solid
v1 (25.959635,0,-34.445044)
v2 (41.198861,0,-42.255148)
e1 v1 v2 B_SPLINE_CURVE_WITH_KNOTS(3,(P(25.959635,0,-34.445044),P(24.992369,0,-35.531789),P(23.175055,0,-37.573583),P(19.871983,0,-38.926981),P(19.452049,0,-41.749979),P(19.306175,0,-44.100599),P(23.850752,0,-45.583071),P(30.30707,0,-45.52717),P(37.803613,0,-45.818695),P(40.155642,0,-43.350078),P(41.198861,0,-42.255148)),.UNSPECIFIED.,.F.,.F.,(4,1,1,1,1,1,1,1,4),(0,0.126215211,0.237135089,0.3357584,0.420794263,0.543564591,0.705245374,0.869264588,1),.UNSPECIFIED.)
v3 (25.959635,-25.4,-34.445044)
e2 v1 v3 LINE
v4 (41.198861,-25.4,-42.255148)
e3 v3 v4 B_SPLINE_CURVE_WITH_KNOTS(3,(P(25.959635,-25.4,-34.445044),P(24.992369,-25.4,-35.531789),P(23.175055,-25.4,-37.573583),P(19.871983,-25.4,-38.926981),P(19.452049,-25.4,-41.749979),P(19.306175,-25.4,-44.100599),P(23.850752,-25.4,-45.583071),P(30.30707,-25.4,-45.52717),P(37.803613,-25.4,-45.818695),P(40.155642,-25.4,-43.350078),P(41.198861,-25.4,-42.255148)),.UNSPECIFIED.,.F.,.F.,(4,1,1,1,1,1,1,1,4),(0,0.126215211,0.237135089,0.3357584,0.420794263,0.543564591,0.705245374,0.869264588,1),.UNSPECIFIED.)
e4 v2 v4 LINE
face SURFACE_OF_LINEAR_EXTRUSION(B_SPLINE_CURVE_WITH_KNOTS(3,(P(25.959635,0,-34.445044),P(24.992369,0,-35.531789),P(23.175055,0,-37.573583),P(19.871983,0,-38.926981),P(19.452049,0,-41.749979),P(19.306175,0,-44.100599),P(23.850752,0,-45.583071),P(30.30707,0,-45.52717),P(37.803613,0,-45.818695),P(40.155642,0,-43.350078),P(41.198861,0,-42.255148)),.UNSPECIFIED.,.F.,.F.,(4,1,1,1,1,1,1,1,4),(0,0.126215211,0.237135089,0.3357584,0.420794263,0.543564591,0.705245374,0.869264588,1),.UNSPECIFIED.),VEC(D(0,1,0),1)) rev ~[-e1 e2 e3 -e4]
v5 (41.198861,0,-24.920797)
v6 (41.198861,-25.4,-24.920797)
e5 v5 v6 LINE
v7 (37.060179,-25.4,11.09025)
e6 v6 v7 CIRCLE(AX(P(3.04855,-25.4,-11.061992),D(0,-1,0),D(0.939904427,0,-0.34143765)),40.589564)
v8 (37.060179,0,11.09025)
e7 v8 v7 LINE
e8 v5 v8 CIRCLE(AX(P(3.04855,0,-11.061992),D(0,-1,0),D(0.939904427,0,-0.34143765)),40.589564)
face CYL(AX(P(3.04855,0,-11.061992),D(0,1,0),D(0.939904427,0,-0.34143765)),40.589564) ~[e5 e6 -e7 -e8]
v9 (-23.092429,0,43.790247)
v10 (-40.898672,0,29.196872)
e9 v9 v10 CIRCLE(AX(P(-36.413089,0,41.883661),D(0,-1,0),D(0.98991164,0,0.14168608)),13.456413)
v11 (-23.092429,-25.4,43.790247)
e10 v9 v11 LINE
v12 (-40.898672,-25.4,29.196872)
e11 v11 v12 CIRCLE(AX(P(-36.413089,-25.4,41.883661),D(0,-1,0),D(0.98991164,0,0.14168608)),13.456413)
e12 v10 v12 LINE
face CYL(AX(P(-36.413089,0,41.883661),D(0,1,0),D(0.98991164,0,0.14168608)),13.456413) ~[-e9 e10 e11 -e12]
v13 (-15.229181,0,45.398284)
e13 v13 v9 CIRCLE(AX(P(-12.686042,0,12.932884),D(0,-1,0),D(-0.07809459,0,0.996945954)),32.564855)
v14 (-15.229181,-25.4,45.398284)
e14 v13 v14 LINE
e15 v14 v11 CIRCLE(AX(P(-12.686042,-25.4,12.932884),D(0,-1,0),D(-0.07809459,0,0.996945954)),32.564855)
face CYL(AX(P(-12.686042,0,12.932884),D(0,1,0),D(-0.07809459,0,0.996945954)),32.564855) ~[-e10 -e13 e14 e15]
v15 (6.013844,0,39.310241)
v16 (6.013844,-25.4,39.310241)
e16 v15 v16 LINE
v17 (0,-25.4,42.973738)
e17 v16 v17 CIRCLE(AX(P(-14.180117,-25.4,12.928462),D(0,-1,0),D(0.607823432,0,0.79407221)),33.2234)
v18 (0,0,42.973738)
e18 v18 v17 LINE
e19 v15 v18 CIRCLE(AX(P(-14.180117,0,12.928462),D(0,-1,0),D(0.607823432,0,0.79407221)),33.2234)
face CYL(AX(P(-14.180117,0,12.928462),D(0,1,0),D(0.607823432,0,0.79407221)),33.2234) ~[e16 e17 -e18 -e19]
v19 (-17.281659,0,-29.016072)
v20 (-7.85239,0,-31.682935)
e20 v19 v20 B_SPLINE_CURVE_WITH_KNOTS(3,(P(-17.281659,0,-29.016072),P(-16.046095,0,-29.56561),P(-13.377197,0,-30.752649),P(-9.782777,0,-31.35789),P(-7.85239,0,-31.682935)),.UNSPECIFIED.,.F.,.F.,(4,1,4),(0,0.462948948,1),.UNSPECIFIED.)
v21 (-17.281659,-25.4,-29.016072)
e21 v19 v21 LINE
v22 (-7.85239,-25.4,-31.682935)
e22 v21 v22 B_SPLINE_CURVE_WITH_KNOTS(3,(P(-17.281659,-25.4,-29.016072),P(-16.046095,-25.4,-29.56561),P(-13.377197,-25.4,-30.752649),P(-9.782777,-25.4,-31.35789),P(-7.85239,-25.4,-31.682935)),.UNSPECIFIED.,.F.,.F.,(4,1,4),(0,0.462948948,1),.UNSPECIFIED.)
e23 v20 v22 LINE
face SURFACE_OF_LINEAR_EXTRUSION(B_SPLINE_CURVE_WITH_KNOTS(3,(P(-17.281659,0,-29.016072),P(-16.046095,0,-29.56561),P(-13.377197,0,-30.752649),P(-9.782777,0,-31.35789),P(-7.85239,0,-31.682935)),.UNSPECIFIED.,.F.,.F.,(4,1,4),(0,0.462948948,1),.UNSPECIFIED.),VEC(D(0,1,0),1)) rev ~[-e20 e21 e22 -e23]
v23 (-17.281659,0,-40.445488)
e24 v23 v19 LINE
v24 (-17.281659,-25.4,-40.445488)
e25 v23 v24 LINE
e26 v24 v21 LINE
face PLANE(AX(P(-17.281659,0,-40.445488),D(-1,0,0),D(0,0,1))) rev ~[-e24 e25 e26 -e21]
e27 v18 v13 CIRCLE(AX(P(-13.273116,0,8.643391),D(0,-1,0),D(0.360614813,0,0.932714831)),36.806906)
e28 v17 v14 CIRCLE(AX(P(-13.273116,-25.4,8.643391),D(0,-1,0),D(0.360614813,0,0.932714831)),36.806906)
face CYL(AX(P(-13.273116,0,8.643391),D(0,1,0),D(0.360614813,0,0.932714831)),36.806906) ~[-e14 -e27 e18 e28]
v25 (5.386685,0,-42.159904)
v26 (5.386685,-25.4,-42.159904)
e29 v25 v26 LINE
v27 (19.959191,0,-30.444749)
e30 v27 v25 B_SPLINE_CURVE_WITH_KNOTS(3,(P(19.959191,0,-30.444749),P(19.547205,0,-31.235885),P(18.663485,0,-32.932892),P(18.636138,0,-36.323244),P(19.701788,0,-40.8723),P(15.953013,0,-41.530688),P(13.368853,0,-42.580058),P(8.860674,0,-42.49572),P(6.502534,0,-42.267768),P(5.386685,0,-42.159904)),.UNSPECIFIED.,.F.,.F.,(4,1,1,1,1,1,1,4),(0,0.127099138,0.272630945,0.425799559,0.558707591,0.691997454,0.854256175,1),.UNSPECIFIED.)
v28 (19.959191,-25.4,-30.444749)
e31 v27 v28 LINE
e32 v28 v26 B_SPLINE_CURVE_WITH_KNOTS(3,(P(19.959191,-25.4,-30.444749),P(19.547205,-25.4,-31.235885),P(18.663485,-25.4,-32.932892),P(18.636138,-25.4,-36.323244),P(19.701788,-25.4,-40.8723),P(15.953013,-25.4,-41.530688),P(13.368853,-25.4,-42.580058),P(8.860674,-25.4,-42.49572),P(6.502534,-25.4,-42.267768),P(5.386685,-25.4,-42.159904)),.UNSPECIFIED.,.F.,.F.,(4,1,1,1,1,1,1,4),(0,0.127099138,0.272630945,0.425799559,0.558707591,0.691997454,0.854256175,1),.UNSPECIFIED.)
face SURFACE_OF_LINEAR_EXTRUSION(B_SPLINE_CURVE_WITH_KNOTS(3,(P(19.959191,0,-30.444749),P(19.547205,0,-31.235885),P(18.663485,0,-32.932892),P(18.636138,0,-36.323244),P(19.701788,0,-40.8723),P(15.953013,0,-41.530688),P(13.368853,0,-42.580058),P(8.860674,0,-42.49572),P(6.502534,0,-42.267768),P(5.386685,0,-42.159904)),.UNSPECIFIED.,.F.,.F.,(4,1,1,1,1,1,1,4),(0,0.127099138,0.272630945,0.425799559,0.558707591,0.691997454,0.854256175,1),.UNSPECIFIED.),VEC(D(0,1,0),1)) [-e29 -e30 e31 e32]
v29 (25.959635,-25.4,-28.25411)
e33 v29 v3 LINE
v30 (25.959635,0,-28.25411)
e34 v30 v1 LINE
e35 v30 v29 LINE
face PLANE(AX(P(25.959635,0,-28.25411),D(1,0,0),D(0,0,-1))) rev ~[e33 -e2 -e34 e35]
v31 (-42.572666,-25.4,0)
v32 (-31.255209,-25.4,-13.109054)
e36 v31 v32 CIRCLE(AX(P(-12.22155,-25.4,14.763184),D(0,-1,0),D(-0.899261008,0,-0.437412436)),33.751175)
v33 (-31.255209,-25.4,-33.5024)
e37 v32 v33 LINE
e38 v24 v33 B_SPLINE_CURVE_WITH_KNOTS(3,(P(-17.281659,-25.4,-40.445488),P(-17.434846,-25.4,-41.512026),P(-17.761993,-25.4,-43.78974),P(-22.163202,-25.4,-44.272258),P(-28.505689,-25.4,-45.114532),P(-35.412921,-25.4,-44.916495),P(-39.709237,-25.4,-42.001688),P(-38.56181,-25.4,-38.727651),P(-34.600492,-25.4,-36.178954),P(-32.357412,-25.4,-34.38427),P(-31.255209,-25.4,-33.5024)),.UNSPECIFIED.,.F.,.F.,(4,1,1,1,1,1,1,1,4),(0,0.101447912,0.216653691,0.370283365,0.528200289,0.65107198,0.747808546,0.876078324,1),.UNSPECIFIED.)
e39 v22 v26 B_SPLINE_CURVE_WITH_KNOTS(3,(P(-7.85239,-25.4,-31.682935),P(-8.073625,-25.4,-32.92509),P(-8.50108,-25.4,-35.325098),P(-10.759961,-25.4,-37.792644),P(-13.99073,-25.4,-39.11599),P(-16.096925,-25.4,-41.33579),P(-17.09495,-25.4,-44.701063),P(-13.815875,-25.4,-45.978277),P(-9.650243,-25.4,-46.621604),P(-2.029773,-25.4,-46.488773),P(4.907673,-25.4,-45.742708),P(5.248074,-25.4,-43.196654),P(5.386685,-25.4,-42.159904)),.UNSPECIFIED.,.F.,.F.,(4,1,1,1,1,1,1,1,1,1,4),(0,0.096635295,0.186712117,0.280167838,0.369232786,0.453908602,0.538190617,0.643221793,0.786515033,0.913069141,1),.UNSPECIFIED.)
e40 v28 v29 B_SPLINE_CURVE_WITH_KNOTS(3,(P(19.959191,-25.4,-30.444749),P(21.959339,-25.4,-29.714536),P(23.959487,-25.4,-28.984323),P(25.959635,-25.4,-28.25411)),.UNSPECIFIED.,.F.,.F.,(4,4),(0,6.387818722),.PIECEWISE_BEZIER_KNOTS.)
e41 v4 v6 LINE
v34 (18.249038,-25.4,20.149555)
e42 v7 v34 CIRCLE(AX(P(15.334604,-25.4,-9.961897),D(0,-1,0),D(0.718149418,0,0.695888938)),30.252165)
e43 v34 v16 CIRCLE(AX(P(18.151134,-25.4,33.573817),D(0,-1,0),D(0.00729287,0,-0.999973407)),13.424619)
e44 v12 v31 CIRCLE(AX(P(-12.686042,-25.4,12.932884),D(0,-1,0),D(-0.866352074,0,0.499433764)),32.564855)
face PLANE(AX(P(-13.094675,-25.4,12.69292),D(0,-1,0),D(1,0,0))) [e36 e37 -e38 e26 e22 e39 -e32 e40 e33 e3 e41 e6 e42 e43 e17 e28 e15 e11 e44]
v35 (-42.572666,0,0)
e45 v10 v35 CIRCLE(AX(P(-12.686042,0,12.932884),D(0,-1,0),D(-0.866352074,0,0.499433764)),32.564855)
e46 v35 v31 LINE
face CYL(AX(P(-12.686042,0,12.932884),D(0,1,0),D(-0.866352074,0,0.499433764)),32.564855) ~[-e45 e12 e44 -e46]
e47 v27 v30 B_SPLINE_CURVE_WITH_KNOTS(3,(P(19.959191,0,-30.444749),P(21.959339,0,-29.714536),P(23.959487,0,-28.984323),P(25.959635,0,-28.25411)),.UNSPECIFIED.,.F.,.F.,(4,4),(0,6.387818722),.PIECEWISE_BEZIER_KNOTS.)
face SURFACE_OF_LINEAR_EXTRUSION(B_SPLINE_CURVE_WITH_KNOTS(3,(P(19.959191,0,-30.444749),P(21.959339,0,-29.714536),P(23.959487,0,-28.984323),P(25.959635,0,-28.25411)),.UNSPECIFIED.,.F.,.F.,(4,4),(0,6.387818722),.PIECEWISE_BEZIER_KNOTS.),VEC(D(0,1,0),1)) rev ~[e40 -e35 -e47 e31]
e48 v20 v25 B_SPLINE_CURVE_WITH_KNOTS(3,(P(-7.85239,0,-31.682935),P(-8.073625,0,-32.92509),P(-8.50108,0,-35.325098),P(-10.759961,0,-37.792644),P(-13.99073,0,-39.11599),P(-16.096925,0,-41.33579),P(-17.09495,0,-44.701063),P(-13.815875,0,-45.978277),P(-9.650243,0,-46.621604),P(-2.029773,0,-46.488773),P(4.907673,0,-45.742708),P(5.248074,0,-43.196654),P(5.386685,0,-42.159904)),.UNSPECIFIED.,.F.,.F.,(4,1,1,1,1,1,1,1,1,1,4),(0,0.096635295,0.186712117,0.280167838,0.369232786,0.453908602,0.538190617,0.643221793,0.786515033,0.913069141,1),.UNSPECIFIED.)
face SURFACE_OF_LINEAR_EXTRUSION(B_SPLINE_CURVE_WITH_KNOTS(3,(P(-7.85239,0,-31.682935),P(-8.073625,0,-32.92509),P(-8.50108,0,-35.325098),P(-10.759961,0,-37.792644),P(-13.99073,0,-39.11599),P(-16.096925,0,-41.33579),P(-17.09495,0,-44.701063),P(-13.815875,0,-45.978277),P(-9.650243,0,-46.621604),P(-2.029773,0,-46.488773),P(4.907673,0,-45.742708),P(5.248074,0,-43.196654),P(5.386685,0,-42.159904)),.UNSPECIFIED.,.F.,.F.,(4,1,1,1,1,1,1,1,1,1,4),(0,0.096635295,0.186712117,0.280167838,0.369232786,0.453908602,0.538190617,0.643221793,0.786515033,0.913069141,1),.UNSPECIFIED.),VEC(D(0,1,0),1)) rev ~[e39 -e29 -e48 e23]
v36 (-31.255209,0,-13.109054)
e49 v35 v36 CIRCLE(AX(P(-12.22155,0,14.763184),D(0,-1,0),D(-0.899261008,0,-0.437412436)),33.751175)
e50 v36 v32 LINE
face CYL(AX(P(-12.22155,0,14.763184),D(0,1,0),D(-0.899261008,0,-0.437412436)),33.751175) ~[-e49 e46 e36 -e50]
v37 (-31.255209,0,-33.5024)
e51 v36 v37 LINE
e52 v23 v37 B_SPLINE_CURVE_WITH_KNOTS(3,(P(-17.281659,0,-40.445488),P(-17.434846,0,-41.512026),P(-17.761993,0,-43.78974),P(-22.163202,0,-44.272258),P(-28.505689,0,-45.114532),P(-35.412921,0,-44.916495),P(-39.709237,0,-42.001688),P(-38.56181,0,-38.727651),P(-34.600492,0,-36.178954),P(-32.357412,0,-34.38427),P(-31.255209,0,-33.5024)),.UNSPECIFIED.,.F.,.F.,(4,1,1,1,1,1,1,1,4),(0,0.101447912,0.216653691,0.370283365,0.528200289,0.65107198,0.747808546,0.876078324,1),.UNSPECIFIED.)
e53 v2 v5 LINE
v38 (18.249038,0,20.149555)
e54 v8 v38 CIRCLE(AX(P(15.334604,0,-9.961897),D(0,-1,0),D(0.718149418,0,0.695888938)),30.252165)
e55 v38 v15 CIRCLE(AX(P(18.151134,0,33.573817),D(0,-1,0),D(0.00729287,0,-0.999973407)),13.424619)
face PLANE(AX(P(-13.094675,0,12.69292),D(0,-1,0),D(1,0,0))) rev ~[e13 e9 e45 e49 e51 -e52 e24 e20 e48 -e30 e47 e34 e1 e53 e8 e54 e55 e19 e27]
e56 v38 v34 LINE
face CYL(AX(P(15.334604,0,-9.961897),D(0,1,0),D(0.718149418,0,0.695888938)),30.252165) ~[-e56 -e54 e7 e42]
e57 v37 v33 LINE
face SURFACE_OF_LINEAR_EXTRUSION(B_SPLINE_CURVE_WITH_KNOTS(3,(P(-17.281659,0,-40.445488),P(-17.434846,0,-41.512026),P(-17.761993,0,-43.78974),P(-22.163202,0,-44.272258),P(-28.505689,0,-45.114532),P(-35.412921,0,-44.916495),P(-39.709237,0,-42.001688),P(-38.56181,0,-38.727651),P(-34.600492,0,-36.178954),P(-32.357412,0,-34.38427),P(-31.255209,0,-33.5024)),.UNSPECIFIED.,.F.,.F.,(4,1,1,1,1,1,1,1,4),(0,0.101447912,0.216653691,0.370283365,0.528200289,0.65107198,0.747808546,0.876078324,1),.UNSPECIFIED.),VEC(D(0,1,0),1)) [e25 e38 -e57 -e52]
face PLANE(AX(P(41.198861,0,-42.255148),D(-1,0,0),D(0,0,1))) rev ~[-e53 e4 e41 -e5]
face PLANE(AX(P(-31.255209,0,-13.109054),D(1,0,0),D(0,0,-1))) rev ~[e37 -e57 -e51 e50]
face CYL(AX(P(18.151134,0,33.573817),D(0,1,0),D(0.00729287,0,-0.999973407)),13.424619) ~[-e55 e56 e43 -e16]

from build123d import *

# Parameters (mm, degrees)
F1_DEPTH = 25.4


with BuildPart() as f1:
    # F0 (on Front) → F1 (new body)
    with BuildSketch(Plane.XZ):
        with BuildLine():
            ThreePointArc((0, 42.9737381637), (-7.4861898677, 44.9925288768), (-15.2291813865, 45.3982837498))
            ThreePointArc((-15.2291813865, 45.3982837498), (-19.2105346963, 44.8374406873), (-23.0924291486, 43.7902470191))
            ThreePointArc((-23.0924291486, 43.7902470191), (-33.3282019426, 38.1196064874), (-40.8986716611, 29.1968716505))
            ThreePointArc((-40.8986716611, 29.1968716505), (-45.1975038128, 14.7969191466), (-42.5726659596, 0))
            ThreePointArc((-42.5726659596, 0), (-37.7690709473, -7.2927906414), (-31.2552090195, -13.109054319))
            ThreePointArc((-31.2552090195, -13.109054319), (-29.8308177121, -14.0301404898), (-28.361948207, -14.8784993216))
            ThreePointArc((-28.361948207, -14.8784993216), (-16.9933817188, -21.8702734562), (-4.3495143764, -17.5968874246))
            ThreePointArc((-4.3495143764, -17.5968874246), (7.9926398701, -11.1065420599), (16.4246074855, 0))
            ThreePointArc((16.4246074855, 0), (18.9079268688, 9.9325227313), (18.2490384722, 20.1495550328))
            ThreePointArc((18.2490384722, 20.1495550328), (13.821330595, 30.8089892208), (6.0138438985, 39.3102412308))
            ThreePointArc((6.0138438985, 39.3102412308), (3.1042577429, 41.3017720799), (0, 42.9737381637))
        make_face()
        with BuildLine():
            ThreePointArc((-40.8986716611, 29.1968716505), (-33.3282019426, 38.1196064874), (-23.0924291486, 43.7902470191))
            ThreePointArc((-23.0924291486, 43.7902470191), (-44.9428198439, 52.2912904068), (-40.8986716611, 29.1968716505))
        make_face()
        with BuildLine():
            ThreePointArc((18.2490384722, 20.1495550328), (29.4657127229, 40.7988224315), (6.0138438985, 39.3102412308))
            ThreePointArc((6.0138438985, 39.3102412308), (13.821330595, 30.8089892208), (18.2490384722, 20.1495550328))
        make_face()
        with BuildLine():
            ThreePointArc((37.0601788163, 11.0902497545), (28.4609236644, 17.294170402), (18.2490384722, 20.1495550328))
            ThreePointArc((18.2490384722, 20.1495550328), (18.9079268688, 9.9325227313), (16.4246074855, 0))
            ThreePointArc((16.4246074855, 0), (7.9926398701, -11.1065420599), (-4.3495143764, -17.5968874246))
            ThreePointArc((-4.3495143764, -17.5968874246), (-16.9933817188, -21.8702734562), (-28.361948207, -14.8784993216))
            ThreePointArc((-28.361948207, -14.8784993216), (-29.8308177121, -14.0301404898), (-31.2552090195, -13.109054319))
            Line((-31.2552090195, -13.109054319), (-31.2552090195, -33.5024002528))
            add(Edge.make_bspline(
                [(-17.2816589475, -40.4454879463), (-17.4348455039, -41.5120256661), (-17.7619930237, -43.7897397021), (-22.1632024997, -44.2722579746), (-28.5056890309, -45.1145318125), (-35.4129211064, -44.9164947459), (-39.7092370115, -42.0016879708), (-38.5618095977, -38.7276510581), (-34.6004923534, -36.1789535098), (-32.3574122808, -34.3842704666), (-31.2552090195, -33.5024002528)],
                knots=[0, 0, 0, 0, 0.1014479123, 0.2166536911, 0.3702833647, 0.5282002887, 0.6510719796, 0.7478085459, 0.8760783235, 1, 1, 1, 1], degree=3))
            Line((-17.2816589475, -40.4454879463), (-17.2816589475, -29.0160719305))
            add(Edge.make_bspline(
                [(-17.2816589475, -29.0160719305), (-16.0460952254, -29.5656103224), (-13.3771967925, -30.7526491831), (-9.7827772206, -31.3578896062), (-7.8523904085, -31.682934612)],
                knots=[0, 0, 0, 0, 0.4629489481, 1, 1, 1, 1], degree=3))
            add(Edge.make_bspline(
                [(-7.8523904085, -31.682934612), (-8.0736253594, -32.925089918), (-8.5010804216, -35.3250975638), (-10.7599609169, -37.7926443255), (-13.9907303996, -39.1159904722), (-16.0969254415, -41.3357904855), (-17.0949504146, -44.70106277), (-13.8158750799, -45.9782766463), (-9.650243257, -46.6216044987), (-2.029773011, -46.4887725826), (4.9076729864, -45.742707569), (5.2480737247, -43.1966541358), (5.3866845556, -42.1599037945)],
                knots=[0, 0, 0, 0, 0.0966352951, 0.1867121172, 0.2801678384, 0.3692327863, 0.4539086021, 0.5381906171, 0.6432217933, 0.7865150329, 0.9130691408, 1, 1, 1, 1], degree=3))
            add(Edge.make_bspline(
                [(19.9591908604, -30.4447486997), (19.5472052355, -31.2358847399), (18.6634853913, -32.9328920524), (18.6361377571, -36.3232438556), (19.701787987, -40.8722996241), (15.9530127369, -41.5306882266), (13.3688530498, -42.5800583286), (8.8606735168, -42.4957201225), (6.502533565, -42.2677683621), (5.3866845556, -42.1599037945)],
                knots=[0, 0, 0, 0, 0.1270991379, 0.2726309452, 0.4257995595, 0.5587075908, 0.6919974537, 0.8542561751, 1, 1, 1, 1], degree=3))
            add(Edge.make_bspline(
                [(19.9591908604, -30.4447486997), (21.9593389581, -29.7145359218), (23.9594870557, -28.984323144), (25.9596351534, -28.2541103661)],
                knots=[0, 0, 0, 0, 6.3878187218, 6.3878187218, 6.3878187218, 6.3878187218], degree=3))
            Line((25.9596351534, -28.2541103661), (25.9596351534, -34.4450436532))
            add(Edge.make_bspline(
                [(25.9596351534, -34.4450436532), (24.9923691912, -35.5317891459), (23.1750549567, -37.573583368), (19.871983121, -38.9269805667), (19.4520488738, -41.7499793313), (19.3061754257, -44.1005988442), (23.8507522468, -45.5830711269), (30.307070396, -45.5271703291), (37.8036132666, -45.8186953894), (40.1556423214, -43.350078272), (41.1988608539, -42.2551482916)],
                knots=[0, 0, 0, 0, 0.1262152111, 0.2371350886, 0.3357584002, 0.4207942635, 0.5435645905, 0.7052453739, 0.8692645876, 1, 1, 1, 1], degree=3))
            Line((41.1988608539, -42.2551482916), (41.1988608539, -24.9207969755))
            ThreePointArc((41.1988608539, -24.9207969755), (43.3726774995, -6.427615461), (37.0601788163, 11.0902497545))
        make_face()
    extrude(amount=F1_DEPTH)


solid = f1.part
